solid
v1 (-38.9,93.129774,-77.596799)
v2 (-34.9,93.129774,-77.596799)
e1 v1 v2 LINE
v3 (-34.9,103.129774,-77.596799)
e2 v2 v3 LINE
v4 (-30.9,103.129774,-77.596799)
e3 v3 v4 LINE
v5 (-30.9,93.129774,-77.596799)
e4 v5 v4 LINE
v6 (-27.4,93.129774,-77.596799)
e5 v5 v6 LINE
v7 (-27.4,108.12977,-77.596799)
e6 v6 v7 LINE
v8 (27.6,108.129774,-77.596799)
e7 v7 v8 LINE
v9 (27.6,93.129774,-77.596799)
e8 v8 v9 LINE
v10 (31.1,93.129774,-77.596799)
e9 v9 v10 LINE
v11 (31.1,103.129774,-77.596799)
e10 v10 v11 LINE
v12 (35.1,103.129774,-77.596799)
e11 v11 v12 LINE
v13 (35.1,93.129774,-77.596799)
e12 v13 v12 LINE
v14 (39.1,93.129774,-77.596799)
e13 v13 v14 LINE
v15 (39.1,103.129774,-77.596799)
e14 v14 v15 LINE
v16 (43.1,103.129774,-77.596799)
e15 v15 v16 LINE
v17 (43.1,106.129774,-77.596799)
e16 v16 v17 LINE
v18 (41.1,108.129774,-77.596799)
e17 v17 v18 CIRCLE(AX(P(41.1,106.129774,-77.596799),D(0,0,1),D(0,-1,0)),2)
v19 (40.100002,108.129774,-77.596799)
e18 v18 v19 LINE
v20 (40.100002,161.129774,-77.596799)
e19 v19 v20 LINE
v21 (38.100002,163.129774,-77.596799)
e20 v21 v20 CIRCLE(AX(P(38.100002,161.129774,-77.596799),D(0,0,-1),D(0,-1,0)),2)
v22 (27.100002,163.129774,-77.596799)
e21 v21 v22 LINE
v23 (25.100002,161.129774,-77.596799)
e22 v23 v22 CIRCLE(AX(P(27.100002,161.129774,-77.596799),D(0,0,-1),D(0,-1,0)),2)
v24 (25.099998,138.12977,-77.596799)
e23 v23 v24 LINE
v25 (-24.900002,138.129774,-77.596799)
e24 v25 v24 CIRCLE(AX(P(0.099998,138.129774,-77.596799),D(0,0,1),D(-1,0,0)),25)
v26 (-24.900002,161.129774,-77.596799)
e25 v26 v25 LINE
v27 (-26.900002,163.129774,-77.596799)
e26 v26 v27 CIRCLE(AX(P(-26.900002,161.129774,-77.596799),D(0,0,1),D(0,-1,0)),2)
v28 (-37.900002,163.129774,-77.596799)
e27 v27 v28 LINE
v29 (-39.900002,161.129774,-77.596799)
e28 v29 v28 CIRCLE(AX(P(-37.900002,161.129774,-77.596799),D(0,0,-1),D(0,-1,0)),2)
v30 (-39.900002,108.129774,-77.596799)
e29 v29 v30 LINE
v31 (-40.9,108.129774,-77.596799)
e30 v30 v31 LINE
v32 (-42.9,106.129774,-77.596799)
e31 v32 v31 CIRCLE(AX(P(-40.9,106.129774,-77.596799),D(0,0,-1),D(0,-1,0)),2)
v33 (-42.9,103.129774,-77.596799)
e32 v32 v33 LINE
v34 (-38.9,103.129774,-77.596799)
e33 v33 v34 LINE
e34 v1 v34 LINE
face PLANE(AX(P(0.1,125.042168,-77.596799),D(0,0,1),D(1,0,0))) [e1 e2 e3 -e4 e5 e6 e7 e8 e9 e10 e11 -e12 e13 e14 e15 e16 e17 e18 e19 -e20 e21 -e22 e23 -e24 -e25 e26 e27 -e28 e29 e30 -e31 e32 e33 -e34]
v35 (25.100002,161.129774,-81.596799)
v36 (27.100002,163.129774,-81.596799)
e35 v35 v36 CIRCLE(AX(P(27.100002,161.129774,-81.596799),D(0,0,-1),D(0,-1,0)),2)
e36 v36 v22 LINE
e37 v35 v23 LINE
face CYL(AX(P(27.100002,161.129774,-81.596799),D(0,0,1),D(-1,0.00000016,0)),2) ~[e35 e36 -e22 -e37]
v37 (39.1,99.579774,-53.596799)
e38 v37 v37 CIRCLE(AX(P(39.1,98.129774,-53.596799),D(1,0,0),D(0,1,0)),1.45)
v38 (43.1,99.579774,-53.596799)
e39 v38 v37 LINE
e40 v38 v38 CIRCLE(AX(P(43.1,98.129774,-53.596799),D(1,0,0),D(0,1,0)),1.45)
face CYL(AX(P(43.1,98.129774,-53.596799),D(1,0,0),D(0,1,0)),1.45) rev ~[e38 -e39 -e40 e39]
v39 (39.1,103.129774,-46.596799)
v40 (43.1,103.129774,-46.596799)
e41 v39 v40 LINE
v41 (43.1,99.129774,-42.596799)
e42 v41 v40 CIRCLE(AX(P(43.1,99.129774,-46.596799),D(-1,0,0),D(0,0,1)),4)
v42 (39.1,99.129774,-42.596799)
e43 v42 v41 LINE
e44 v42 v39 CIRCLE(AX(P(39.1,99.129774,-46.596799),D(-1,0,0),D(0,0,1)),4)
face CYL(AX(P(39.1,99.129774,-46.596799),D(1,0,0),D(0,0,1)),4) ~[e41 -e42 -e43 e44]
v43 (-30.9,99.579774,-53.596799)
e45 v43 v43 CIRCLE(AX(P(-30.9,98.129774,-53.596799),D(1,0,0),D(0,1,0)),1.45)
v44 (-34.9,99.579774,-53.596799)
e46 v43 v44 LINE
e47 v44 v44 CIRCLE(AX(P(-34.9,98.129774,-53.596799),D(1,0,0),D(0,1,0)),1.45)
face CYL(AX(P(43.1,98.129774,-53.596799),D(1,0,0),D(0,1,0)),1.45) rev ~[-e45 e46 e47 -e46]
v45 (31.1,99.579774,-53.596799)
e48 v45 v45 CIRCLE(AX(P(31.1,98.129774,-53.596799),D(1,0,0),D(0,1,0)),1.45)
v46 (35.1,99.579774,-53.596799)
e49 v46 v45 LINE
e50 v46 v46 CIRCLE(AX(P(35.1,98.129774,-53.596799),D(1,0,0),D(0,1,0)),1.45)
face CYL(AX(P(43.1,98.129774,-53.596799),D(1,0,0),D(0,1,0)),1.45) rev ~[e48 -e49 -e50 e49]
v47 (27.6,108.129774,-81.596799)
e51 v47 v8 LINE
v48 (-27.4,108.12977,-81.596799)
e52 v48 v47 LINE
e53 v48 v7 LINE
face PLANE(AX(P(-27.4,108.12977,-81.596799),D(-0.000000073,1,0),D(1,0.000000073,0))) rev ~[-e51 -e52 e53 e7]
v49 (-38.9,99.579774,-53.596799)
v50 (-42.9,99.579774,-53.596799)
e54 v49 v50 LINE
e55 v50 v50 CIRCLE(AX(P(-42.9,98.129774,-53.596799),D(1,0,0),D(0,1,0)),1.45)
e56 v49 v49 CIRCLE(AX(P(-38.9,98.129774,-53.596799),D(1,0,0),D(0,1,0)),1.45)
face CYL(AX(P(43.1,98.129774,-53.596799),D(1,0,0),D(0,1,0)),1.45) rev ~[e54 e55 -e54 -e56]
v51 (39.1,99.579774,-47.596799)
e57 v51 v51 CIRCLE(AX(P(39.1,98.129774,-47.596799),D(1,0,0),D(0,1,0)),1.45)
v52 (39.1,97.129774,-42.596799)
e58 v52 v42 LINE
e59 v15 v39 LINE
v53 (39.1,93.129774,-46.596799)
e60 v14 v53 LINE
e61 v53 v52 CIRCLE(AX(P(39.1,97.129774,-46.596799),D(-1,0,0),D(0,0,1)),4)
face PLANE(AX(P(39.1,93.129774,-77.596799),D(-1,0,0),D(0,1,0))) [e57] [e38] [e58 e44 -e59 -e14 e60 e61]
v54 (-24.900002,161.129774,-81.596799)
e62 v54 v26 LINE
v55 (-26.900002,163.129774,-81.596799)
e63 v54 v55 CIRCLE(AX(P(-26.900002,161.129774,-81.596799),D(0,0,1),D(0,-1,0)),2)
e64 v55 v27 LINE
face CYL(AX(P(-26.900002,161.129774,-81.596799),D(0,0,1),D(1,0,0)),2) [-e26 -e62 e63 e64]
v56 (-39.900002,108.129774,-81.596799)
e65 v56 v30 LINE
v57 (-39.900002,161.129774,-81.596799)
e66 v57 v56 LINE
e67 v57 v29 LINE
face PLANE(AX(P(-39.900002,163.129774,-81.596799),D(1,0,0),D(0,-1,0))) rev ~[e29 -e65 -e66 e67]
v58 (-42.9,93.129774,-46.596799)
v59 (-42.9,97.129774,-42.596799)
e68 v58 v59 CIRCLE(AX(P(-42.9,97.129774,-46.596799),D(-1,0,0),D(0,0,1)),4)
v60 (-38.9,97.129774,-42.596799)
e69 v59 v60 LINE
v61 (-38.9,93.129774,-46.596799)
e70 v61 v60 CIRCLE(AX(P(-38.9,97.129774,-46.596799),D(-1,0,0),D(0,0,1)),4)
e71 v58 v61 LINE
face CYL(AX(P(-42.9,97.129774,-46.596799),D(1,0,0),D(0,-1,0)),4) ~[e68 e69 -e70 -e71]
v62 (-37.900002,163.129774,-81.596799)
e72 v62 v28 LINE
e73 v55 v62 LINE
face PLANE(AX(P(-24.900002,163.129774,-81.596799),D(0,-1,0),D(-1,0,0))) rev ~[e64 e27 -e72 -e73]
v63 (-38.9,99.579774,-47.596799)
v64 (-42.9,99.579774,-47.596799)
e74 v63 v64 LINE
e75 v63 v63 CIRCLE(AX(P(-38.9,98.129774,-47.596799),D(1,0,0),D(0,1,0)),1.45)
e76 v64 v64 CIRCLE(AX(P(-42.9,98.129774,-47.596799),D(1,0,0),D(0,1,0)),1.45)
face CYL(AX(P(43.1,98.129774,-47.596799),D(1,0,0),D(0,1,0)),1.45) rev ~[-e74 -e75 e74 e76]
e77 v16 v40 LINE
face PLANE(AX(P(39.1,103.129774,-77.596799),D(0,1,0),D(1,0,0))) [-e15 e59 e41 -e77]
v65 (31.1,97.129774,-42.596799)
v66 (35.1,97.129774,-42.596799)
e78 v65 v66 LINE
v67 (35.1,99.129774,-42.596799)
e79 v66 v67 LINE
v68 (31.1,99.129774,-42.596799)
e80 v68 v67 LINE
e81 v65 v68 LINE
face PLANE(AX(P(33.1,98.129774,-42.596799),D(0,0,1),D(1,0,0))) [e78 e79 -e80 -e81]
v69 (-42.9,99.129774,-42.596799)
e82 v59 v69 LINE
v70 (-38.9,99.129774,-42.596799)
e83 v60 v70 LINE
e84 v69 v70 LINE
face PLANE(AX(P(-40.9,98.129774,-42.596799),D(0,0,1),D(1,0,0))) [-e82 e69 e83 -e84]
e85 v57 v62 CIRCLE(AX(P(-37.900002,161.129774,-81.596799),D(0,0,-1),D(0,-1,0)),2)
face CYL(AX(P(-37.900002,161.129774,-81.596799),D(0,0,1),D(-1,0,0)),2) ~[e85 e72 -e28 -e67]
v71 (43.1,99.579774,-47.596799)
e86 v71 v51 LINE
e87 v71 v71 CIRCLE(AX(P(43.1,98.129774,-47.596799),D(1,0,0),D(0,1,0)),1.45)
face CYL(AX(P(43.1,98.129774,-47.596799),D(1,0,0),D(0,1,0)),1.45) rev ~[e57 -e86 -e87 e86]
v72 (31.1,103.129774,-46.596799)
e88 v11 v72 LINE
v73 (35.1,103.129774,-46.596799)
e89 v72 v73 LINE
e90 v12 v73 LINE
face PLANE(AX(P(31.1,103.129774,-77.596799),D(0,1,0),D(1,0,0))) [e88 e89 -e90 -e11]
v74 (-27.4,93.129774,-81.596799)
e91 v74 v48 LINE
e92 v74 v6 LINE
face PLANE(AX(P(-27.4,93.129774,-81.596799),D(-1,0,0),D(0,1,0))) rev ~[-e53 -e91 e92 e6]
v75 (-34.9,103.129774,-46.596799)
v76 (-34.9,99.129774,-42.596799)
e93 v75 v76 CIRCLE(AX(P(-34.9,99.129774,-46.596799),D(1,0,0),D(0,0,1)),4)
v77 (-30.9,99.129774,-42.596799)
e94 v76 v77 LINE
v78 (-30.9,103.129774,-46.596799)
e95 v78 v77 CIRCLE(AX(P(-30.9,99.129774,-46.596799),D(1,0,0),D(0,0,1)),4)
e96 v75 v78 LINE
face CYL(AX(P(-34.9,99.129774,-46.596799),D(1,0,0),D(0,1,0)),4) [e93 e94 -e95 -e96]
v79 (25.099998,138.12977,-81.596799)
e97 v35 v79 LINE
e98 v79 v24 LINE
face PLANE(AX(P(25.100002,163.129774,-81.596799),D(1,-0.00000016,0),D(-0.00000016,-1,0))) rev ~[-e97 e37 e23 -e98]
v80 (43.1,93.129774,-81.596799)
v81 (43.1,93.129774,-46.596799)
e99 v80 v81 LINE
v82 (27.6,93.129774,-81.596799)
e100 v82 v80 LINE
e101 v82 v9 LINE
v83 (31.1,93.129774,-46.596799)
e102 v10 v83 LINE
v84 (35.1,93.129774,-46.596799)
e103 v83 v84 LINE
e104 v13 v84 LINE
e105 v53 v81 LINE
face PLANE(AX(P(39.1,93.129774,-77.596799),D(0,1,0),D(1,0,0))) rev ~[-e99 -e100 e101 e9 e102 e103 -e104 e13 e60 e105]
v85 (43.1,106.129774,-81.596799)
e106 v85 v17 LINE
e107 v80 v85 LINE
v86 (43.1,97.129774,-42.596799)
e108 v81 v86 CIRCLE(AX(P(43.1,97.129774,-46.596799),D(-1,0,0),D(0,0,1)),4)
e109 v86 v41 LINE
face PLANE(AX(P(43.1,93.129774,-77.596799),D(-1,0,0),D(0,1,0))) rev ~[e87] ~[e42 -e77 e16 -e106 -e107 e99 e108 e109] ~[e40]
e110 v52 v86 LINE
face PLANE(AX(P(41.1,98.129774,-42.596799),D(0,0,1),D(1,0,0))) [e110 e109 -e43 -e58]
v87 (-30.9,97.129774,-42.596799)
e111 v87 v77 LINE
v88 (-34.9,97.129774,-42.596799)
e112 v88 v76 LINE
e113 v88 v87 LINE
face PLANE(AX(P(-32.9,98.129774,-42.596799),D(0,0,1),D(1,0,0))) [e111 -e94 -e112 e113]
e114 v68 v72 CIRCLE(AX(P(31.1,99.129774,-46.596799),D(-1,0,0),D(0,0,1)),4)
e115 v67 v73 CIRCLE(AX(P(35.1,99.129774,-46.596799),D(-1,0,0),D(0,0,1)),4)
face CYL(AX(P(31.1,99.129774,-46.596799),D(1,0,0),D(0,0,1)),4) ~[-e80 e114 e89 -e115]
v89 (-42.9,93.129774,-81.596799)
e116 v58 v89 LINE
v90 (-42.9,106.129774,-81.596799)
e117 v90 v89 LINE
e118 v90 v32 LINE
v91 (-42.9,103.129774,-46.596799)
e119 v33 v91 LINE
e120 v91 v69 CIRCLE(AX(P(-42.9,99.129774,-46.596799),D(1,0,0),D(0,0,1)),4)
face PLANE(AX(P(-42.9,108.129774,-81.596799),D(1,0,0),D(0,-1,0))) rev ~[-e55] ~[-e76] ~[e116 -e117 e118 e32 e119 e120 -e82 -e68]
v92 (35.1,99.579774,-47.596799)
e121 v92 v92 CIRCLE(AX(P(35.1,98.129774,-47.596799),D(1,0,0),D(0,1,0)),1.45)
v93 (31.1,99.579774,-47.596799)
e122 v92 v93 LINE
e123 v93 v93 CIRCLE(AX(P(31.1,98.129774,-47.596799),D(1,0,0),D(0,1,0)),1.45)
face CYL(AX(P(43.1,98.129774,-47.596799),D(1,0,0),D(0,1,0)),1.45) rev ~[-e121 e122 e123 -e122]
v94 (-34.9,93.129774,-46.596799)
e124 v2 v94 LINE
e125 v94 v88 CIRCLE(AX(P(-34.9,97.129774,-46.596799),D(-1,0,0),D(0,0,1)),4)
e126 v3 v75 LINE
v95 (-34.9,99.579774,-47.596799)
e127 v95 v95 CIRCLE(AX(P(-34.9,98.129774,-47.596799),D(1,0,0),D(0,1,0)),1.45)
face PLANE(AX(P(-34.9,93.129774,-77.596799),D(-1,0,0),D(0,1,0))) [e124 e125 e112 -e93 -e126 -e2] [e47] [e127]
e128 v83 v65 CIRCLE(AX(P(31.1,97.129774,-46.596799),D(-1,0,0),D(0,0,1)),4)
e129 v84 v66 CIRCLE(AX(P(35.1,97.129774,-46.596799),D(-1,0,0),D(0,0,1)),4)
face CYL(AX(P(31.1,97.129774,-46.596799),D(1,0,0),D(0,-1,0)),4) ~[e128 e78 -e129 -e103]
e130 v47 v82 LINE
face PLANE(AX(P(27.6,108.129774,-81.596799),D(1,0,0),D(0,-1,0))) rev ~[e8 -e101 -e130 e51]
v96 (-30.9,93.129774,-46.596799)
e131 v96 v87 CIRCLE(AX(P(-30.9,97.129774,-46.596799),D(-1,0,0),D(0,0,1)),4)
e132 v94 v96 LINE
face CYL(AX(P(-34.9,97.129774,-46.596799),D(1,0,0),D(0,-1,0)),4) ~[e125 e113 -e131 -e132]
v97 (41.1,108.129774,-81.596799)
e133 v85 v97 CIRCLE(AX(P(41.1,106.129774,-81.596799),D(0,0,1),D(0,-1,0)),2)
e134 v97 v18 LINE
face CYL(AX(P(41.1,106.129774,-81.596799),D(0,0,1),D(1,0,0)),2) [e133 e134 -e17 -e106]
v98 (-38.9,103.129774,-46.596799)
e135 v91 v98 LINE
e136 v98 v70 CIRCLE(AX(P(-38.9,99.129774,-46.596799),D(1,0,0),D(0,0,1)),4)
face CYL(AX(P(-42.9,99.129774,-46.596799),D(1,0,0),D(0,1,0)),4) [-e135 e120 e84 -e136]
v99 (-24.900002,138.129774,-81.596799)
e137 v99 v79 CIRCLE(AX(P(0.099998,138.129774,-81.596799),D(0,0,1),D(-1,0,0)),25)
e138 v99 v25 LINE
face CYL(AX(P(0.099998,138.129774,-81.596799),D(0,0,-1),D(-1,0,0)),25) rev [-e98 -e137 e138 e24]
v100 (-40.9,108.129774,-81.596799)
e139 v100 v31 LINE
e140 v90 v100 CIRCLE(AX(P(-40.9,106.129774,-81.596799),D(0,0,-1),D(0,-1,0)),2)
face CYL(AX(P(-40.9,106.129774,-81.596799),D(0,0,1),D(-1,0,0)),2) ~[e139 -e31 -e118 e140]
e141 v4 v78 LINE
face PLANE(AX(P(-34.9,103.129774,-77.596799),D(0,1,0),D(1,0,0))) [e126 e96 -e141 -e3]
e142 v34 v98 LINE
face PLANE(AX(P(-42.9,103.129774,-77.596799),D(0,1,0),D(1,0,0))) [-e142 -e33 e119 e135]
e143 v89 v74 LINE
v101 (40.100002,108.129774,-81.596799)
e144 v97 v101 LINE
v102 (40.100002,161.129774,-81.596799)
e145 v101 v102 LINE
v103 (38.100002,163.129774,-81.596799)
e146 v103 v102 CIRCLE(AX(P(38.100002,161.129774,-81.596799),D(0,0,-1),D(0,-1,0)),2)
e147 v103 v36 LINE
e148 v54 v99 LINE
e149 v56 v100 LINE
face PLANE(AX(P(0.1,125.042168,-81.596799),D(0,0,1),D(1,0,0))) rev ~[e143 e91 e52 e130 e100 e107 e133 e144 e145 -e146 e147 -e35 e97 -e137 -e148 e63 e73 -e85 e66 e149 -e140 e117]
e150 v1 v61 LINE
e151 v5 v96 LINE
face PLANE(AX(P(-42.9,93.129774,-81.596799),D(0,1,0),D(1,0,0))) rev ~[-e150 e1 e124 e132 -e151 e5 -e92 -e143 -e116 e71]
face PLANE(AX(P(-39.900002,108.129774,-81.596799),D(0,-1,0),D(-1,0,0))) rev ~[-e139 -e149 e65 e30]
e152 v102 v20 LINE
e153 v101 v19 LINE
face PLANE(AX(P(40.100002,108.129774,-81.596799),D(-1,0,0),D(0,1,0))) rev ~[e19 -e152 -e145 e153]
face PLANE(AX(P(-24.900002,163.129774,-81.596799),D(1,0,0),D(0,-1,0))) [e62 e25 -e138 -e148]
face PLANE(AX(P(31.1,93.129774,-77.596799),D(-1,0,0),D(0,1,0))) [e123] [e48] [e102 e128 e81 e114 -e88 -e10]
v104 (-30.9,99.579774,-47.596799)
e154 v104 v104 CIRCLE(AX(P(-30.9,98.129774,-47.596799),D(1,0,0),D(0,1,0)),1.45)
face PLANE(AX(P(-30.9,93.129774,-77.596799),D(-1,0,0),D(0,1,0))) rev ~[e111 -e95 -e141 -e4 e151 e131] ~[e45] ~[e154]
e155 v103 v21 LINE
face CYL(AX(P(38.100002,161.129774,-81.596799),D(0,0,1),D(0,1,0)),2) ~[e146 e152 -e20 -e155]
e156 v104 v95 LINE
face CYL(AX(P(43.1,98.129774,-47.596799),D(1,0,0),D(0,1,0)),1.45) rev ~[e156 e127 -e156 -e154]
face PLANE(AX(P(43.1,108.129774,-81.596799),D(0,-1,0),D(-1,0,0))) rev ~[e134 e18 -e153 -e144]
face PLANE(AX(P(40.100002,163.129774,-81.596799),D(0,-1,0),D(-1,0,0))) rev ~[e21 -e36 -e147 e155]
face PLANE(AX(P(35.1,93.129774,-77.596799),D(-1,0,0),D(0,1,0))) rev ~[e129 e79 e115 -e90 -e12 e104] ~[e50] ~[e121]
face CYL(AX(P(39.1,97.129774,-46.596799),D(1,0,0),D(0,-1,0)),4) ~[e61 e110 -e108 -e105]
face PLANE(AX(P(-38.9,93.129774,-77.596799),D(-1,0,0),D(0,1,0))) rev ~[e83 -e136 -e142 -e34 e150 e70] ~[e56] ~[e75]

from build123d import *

# Parameters (mm, degrees)
PAD007_DEPTH  = 4
SKETCH023_W   = 4
SKETCH023_H   = 10
PAD008_DEPTH  = 35
SKETCH024_R   = 1.45
HOLE005_DEPTH = 86.001
FILLET004_R   = 4
FILLET005_R   = 2


with BuildPart() as part:
    # Sketch022 (on DatumPlane) → Pad007 (new body)
    with BuildSketch(Plane(origin=(-27.5, 0, -70), x_dir=(1, 0, 0), z_dir=(0, 0, 1))):
        with BuildLine():
            Line((2.5, 164.5), (-12.5, 164.5))
            Line((-12.5, 164.5), (-12.5, 109.5))
            Line((-12.5, 109.5), (-15.499998, 109.5))
            Line((-15.499998, 109.5), (-15.499998, 94.5))
            Line((-15.499998, 94.5), (2e-06, 94.5))
            Line((2e-06, 94.5), (2e-06, 109.499996))
            Line((2e-06, 109.499996), (55.000002, 109.5))
            Line((55.000002, 109.5), (55.000002, 94.5))
            Line((55.000002, 94.5), (70.500002, 94.5))
            Line((70.500002, 94.5), (70.500002, 109.5))
            Line((70.500002, 109.5), (67.500004, 109.5))
            Line((67.500004, 109.5), (67.500004, 164.5))
            Line((67.500004, 164.5), (52.500004, 164.5))
            Line((52.500004, 164.5), (52.5, 139.499996))
            ThreePointArc((2.5, 139.5), (27.499998, 114.5), (52.5, 139.499996))
            Line((2.5, 164.5), (2.5, 139.5))
        make_face()
    extrude(amount=PAD007_DEPTH)

    # Sketch023 (on Face18 of Pad007) → Pad008 (join)
    with BuildSketch(Plane(origin=(-27.5, 0, -66), x_dir=(1, 0, 0), z_dir=(0, 0, 1))):
        with Locations((-5.499998, 99.5)):
            Rectangle(SKETCH023_W, SKETCH023_H)
        with Locations((60.500002, 99.5)):
            Rectangle(SKETCH023_W, SKETCH023_H)
        with Locations((68.500002, 99.5)):
            Rectangle(SKETCH023_W, SKETCH023_H)
        with Locations((-13.499998, 99.5)):
            Rectangle(SKETCH023_W, SKETCH023_H)
    extrude(amount=PAD008_DEPTH)

    # Sketch024 (on Face32 of Pad008) → Hole005 (cut, through all)
    with BuildSketch(Plane(origin=(43.000002, 0, -70), x_dir=(0, 1, 0), z_dir=(1, 0, 0))):
        with Locations((99.5, 34)):
            Circle(SKETCH024_R)
        with Locations((99.5, 28)):
            Circle(SKETCH024_R)
    extrude(amount=-HOLE005_DEPTH, mode=Mode.SUBTRACT)

    # Fillet004
    fillet004_edges = [part.edges().sort_by_distance(p)[0] for p in [
        (-40.999998, 94.5, -31),
        (-40.999998, 104.5, -31),
        (-32.999998, 104.5, -31),
        (-32.999998, 94.5, -31),
        (33.000002, 94.5, -31),
        (33.000002, 104.5, -31),
        (41.000002, 104.5, -31),
        (41.000002, 94.5, -31),
    ]]
    fillet(fillet004_edges, radius=FILLET004_R)

    # Fillet005
    fillet005_edges = [part.edges().sort_by_distance(p)[0] for p in [
        (43.000002, 109.5, -68),
        (40.000004, 164.5, -68),
        (25.000004, 164.5, -68),
        (-25, 164.5, -68),
        (-40, 164.5, -68),
        (-42.999998, 109.5, -68),
    ]]
    fillet(fillet005_edges, radius=FILLET005_R)


with BuildPart() as part_1:
    # Body002 placement: moved
    add(part.part.moved(Location((0.099998, -1.370226, -11.596799))))


solid = part_1.part
